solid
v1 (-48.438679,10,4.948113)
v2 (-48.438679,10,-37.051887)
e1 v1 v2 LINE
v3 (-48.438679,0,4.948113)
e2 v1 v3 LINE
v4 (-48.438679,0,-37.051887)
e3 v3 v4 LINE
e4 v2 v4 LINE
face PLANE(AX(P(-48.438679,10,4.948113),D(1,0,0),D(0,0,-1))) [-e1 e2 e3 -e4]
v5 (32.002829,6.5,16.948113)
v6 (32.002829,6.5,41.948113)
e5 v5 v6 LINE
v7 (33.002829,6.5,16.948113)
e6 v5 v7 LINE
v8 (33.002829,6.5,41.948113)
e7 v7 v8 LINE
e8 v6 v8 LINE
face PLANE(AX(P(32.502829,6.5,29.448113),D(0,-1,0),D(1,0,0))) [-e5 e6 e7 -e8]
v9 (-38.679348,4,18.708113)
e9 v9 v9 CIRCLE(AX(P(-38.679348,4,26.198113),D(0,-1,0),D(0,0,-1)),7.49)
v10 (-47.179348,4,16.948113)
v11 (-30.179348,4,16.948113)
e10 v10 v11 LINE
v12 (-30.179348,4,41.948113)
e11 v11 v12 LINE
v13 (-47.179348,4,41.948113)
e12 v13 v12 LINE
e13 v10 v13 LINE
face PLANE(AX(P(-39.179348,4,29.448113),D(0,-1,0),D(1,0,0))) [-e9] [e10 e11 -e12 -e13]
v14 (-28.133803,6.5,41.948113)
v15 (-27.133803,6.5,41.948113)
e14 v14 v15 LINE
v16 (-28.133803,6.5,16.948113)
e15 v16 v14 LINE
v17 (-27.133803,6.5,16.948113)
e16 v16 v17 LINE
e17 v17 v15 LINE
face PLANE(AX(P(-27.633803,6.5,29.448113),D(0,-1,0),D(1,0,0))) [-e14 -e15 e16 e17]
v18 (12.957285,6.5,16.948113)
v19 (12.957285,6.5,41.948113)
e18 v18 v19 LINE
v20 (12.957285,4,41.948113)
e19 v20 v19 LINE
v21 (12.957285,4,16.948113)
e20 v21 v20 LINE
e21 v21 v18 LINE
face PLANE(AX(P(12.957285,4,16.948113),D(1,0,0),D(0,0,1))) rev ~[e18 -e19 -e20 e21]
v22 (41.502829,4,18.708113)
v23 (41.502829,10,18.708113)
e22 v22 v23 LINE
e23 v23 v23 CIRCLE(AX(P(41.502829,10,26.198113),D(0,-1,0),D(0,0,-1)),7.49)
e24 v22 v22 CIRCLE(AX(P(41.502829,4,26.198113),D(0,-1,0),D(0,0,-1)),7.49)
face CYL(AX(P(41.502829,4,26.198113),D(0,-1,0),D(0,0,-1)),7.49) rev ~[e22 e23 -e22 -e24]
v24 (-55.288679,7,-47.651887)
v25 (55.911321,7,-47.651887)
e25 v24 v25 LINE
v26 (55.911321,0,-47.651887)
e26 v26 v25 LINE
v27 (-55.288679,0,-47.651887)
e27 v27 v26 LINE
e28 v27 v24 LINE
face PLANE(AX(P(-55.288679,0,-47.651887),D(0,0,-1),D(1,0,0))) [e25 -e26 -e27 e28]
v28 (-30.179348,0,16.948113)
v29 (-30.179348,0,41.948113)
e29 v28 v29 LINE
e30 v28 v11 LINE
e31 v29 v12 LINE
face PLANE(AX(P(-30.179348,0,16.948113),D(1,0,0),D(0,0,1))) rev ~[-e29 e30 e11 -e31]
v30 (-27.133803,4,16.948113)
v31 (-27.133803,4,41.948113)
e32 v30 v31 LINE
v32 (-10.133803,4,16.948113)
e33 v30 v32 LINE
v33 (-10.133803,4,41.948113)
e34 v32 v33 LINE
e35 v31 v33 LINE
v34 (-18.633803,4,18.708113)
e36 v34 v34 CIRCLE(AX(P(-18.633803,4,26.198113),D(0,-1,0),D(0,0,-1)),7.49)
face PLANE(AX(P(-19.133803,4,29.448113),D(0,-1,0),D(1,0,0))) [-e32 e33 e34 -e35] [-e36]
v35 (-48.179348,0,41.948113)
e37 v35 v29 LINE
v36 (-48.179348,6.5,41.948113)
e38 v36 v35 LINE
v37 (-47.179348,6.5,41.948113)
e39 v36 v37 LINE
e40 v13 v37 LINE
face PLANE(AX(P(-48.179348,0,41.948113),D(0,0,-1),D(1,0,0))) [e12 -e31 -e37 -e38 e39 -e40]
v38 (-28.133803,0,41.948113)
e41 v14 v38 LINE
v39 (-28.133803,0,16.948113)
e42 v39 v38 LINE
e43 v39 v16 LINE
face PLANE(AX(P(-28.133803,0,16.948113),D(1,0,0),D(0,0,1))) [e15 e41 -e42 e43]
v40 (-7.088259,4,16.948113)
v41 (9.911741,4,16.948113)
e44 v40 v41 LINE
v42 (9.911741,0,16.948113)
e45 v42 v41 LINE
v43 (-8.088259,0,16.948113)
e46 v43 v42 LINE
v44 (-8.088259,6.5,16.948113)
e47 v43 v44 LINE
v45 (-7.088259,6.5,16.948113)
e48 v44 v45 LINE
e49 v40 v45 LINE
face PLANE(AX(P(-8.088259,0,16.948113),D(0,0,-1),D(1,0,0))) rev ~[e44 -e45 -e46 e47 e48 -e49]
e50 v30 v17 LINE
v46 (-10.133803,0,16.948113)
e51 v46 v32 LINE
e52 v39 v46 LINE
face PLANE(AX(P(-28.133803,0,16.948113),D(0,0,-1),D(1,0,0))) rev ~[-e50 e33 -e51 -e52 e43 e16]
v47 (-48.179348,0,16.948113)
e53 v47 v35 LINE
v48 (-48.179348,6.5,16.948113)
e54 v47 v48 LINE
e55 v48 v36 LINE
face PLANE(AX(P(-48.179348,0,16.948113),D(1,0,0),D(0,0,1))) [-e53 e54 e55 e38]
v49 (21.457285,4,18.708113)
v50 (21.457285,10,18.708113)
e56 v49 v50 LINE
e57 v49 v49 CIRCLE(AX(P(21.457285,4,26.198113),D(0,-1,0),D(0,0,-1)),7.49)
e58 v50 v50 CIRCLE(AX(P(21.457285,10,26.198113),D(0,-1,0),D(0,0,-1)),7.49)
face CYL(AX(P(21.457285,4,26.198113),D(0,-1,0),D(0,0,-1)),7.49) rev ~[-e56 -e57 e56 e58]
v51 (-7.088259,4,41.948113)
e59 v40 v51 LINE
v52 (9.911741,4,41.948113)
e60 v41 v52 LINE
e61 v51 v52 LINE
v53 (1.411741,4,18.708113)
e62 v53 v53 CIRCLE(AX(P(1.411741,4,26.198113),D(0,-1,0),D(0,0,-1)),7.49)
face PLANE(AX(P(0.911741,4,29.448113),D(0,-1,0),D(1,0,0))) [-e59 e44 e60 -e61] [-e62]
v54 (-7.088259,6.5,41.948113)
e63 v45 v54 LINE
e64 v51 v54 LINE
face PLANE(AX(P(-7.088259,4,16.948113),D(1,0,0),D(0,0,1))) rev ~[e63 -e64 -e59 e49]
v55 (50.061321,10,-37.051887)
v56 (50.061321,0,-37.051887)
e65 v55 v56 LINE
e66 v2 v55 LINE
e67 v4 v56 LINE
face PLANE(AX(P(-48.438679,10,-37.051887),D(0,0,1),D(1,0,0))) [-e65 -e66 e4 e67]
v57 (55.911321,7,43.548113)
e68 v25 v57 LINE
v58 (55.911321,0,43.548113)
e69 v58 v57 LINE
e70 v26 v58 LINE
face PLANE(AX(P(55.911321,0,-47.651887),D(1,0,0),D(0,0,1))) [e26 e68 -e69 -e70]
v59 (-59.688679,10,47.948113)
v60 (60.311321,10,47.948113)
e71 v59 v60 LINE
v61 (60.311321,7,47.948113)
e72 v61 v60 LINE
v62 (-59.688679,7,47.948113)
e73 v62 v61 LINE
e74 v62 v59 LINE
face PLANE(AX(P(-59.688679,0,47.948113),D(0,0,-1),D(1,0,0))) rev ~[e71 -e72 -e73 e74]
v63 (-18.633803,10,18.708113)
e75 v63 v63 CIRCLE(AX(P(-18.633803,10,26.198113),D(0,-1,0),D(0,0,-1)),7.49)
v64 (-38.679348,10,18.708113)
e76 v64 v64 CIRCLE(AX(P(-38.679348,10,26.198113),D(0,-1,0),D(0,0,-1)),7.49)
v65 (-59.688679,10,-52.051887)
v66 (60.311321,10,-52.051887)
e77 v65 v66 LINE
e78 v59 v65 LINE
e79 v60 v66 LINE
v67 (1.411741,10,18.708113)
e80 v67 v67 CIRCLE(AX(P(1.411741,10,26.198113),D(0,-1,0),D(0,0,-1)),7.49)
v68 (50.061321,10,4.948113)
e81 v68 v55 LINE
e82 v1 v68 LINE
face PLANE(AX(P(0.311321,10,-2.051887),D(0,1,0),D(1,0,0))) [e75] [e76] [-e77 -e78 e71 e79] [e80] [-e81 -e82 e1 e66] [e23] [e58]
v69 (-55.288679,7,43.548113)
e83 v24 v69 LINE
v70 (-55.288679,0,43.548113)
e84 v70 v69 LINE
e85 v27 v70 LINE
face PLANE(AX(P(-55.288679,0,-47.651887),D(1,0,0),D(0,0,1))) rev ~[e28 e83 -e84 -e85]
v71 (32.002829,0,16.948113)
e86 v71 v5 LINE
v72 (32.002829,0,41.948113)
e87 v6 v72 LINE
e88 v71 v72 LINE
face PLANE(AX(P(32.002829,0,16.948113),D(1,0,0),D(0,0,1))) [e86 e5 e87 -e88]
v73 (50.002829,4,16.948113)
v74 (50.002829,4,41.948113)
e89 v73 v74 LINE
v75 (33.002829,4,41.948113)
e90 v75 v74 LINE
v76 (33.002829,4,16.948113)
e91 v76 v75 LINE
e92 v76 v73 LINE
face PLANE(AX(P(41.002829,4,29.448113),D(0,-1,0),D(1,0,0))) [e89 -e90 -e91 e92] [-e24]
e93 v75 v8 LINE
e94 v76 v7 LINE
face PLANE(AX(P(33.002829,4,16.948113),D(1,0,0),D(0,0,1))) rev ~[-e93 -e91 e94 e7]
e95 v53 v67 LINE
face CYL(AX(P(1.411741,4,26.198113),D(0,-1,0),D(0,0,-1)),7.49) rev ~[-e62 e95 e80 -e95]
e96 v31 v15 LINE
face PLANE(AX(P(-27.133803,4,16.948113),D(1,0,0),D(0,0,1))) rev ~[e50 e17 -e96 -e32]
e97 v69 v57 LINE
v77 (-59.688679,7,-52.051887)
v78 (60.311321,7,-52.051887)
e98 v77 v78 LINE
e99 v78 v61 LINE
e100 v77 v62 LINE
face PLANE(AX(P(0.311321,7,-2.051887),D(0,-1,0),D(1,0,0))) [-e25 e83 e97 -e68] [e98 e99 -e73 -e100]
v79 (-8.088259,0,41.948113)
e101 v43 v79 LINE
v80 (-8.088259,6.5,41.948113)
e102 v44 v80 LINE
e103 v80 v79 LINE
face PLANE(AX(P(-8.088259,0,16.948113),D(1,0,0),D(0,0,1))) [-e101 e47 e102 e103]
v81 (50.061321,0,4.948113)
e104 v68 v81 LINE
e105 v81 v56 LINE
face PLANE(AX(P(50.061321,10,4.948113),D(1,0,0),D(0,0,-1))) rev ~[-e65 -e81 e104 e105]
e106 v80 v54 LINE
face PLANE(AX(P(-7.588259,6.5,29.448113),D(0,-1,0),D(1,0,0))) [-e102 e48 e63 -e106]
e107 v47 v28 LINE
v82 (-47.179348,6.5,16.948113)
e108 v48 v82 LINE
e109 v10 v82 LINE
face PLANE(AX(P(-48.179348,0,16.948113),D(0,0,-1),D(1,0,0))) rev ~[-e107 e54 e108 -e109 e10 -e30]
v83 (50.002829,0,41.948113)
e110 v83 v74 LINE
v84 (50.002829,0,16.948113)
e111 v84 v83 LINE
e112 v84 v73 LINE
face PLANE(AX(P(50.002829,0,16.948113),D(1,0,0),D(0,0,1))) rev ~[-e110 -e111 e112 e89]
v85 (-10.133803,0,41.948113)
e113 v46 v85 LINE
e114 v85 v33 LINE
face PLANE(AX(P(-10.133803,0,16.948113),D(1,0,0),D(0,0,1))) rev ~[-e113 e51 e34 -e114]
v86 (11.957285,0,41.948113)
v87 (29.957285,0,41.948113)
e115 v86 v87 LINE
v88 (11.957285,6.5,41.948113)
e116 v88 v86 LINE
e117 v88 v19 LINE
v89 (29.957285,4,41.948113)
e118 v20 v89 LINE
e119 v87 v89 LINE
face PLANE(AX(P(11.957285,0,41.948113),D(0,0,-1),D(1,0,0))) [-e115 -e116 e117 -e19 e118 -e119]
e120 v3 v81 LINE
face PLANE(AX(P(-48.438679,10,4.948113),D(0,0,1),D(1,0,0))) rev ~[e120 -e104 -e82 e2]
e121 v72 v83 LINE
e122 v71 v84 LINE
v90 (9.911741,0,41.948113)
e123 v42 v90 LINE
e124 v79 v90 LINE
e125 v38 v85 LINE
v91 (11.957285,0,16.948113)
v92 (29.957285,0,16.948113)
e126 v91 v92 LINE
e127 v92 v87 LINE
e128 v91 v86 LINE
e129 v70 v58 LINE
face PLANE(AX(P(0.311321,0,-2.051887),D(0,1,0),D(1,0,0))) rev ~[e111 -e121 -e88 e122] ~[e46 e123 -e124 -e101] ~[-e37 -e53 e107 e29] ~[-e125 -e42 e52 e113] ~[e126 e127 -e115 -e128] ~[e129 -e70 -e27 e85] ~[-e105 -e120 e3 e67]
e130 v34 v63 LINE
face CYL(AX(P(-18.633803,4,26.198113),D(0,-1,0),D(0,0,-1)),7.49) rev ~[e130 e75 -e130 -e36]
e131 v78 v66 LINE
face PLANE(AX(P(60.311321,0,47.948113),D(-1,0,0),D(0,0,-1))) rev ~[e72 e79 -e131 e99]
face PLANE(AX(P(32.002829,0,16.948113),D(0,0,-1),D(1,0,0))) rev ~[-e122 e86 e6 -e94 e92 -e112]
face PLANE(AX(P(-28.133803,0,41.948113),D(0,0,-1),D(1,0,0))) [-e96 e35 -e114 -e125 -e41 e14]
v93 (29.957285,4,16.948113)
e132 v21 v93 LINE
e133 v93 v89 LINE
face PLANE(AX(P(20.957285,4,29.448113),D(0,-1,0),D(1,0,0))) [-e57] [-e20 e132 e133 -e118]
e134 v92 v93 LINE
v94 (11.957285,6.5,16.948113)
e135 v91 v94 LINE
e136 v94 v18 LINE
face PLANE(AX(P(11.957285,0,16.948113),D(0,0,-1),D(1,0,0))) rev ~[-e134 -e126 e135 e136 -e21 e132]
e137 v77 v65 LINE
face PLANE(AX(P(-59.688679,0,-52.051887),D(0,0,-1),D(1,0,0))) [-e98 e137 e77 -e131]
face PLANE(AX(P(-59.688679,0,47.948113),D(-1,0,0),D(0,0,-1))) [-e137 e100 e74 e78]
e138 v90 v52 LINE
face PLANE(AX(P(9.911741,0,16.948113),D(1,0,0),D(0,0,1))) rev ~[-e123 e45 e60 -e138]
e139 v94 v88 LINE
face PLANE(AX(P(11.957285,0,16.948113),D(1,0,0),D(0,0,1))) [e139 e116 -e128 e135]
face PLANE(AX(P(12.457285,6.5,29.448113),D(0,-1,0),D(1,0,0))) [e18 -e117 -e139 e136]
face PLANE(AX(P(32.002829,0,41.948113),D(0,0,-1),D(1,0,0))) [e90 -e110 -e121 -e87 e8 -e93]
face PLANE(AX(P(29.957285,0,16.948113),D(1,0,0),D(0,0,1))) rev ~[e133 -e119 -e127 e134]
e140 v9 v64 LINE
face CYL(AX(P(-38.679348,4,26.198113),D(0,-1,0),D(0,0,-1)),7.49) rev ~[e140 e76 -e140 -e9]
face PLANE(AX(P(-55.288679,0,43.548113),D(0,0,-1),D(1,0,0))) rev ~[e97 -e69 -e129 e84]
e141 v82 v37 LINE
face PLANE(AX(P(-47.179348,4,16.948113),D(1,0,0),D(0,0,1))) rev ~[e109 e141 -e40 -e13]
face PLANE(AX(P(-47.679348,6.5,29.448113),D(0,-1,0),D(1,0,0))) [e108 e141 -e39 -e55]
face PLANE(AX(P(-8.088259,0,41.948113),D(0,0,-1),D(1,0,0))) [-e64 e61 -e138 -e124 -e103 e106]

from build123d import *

# Parameters (mm, degrees)
SKETCH1_W           = 120
SKETCH1_H           = 100
BOSS_EXTRUDE1_DEPTH = 10
SKETCH2_W           = 98.5
SKETCH2_H           = 42
CUT_EXTRUDE1_DEPTH  = 10
SKETCH3_W           = 120
SKETCH3_H           = 100
SKETCH3_W_2         = 111.2
SKETCH3_H_2         = 91.2
CUT_EXTRUDE3_DEPTH  = 7
SKETCH4_W           = 18
SKETCH4_H           = 25
CUT_EXTRUDE4_DEPTH  = 4
SKETCH5_W           = 1
SKETCH5_H           = 25
CUT_EXTRUDE6_DEPTH  = 2.5
SKETCH6_R           = 7.49
CUT_EXTRUDE12_DEPTH = 80.892767694


with BuildPart() as part:
    # Sketch1 → Boss-Extrude1 (new body)
    with BuildSketch(Plane(origin=(0, 0, 0), x_dir=(1, 0, 0), z_dir=(0, 1, 0))):
        with Locations((0.311320755, 2.051886792)):
            Rectangle(SKETCH1_W, SKETCH1_H)
    extrude(amount=BOSS_EXTRUDE1_DEPTH)

    # Sketch2 → Cut-Extrude1 (cut)
    with BuildSketch(Plane(origin=(0, 10, 0), x_dir=(1, 0, 0), z_dir=(0, 1, 0))):
        with Locations((0.811320755, 16.051886792)):
            Rectangle(SKETCH2_W, SKETCH2_H)
    extrude(amount=-CUT_EXTRUDE1_DEPTH, mode=Mode.SUBTRACT)

    # Sketch3 → Cut-Extrude3 (cut)
    with BuildSketch(Plane.XZ):
        with Locations((0.311320755, -2.051886792)):
            Rectangle(SKETCH3_W, SKETCH3_H)
        with Locations((0.311320755, -2.051886792)):
            Rectangle(SKETCH3_W_2, SKETCH3_H_2, mode=Mode.SUBTRACT)
    extrude(amount=-CUT_EXTRUDE3_DEPTH, mode=Mode.SUBTRACT)

    # Sketch4 → Cut-Extrude4 (cut)
    with BuildSketch(Plane.XZ):
        with Locations((-39.17934754, 29.448113208)):
            Rectangle(SKETCH4_W, SKETCH4_H)
        with Locations((-19.133803456, 29.448113208)):
            Rectangle(SKETCH4_W, SKETCH4_H)
        with Locations((0.911740628, 29.448113208)):
            Rectangle(SKETCH4_W, SKETCH4_H)
        with Locations((20.957284712, 29.448113208)):
            Rectangle(SKETCH4_W, SKETCH4_H)
        with Locations((41.002828796, 29.448113208)):
            Rectangle(SKETCH4_W, SKETCH4_H)
    extrude(amount=-CUT_EXTRUDE4_DEPTH, mode=Mode.SUBTRACT)

    # Sketch5 → Cut-Extrude6 (cut)
    with BuildSketch(Plane.XZ.offset(-4)):
        with Locations((32.502828796, 29.448113208)):
            Rectangle(SKETCH5_W, SKETCH5_H)
        with Locations((12.457284712, 29.448113208)):
            Rectangle(SKETCH5_W, SKETCH5_H)
        with Locations((-7.588259372, 29.448113208)):
            Rectangle(SKETCH5_W, SKETCH5_H)
        with Locations((-27.633803456, 29.448113208)):
            Rectangle(SKETCH5_W, SKETCH5_H)
        with Locations((-47.67934754, 29.448113208)):
            Rectangle(SKETCH5_W, SKETCH5_H)
    extrude(amount=-CUT_EXTRUDE6_DEPTH, mode=Mode.SUBTRACT)

    # Sketch6 → Cut-Extrude12 (cut, through all)
    with BuildSketch(Plane.XZ.offset(-4)):
        with Locations(Location((41.502828796, 26.198113208, 0), (0, 0, 270))):
            Circle(SKETCH6_R)
        with Locations(Location((21.457284712, 26.198113208, 0), (0, 0, 270))):
            Circle(SKETCH6_R)
        with Locations(Location((1.411740628, 26.198113208, 0), (0, 0, 270))):
            Circle(SKETCH6_R)
        with Locations(Location((-18.633803456, 26.198113208, 0), (0, 0, 270))):
            Circle(SKETCH6_R)
        with Locations(Location((-38.67934754, 26.198113208, 0), (0, 0, 270))):
            Circle(SKETCH6_R)
    extrude(amount=-CUT_EXTRUDE12_DEPTH, mode=Mode.SUBTRACT)


solid = part.part
